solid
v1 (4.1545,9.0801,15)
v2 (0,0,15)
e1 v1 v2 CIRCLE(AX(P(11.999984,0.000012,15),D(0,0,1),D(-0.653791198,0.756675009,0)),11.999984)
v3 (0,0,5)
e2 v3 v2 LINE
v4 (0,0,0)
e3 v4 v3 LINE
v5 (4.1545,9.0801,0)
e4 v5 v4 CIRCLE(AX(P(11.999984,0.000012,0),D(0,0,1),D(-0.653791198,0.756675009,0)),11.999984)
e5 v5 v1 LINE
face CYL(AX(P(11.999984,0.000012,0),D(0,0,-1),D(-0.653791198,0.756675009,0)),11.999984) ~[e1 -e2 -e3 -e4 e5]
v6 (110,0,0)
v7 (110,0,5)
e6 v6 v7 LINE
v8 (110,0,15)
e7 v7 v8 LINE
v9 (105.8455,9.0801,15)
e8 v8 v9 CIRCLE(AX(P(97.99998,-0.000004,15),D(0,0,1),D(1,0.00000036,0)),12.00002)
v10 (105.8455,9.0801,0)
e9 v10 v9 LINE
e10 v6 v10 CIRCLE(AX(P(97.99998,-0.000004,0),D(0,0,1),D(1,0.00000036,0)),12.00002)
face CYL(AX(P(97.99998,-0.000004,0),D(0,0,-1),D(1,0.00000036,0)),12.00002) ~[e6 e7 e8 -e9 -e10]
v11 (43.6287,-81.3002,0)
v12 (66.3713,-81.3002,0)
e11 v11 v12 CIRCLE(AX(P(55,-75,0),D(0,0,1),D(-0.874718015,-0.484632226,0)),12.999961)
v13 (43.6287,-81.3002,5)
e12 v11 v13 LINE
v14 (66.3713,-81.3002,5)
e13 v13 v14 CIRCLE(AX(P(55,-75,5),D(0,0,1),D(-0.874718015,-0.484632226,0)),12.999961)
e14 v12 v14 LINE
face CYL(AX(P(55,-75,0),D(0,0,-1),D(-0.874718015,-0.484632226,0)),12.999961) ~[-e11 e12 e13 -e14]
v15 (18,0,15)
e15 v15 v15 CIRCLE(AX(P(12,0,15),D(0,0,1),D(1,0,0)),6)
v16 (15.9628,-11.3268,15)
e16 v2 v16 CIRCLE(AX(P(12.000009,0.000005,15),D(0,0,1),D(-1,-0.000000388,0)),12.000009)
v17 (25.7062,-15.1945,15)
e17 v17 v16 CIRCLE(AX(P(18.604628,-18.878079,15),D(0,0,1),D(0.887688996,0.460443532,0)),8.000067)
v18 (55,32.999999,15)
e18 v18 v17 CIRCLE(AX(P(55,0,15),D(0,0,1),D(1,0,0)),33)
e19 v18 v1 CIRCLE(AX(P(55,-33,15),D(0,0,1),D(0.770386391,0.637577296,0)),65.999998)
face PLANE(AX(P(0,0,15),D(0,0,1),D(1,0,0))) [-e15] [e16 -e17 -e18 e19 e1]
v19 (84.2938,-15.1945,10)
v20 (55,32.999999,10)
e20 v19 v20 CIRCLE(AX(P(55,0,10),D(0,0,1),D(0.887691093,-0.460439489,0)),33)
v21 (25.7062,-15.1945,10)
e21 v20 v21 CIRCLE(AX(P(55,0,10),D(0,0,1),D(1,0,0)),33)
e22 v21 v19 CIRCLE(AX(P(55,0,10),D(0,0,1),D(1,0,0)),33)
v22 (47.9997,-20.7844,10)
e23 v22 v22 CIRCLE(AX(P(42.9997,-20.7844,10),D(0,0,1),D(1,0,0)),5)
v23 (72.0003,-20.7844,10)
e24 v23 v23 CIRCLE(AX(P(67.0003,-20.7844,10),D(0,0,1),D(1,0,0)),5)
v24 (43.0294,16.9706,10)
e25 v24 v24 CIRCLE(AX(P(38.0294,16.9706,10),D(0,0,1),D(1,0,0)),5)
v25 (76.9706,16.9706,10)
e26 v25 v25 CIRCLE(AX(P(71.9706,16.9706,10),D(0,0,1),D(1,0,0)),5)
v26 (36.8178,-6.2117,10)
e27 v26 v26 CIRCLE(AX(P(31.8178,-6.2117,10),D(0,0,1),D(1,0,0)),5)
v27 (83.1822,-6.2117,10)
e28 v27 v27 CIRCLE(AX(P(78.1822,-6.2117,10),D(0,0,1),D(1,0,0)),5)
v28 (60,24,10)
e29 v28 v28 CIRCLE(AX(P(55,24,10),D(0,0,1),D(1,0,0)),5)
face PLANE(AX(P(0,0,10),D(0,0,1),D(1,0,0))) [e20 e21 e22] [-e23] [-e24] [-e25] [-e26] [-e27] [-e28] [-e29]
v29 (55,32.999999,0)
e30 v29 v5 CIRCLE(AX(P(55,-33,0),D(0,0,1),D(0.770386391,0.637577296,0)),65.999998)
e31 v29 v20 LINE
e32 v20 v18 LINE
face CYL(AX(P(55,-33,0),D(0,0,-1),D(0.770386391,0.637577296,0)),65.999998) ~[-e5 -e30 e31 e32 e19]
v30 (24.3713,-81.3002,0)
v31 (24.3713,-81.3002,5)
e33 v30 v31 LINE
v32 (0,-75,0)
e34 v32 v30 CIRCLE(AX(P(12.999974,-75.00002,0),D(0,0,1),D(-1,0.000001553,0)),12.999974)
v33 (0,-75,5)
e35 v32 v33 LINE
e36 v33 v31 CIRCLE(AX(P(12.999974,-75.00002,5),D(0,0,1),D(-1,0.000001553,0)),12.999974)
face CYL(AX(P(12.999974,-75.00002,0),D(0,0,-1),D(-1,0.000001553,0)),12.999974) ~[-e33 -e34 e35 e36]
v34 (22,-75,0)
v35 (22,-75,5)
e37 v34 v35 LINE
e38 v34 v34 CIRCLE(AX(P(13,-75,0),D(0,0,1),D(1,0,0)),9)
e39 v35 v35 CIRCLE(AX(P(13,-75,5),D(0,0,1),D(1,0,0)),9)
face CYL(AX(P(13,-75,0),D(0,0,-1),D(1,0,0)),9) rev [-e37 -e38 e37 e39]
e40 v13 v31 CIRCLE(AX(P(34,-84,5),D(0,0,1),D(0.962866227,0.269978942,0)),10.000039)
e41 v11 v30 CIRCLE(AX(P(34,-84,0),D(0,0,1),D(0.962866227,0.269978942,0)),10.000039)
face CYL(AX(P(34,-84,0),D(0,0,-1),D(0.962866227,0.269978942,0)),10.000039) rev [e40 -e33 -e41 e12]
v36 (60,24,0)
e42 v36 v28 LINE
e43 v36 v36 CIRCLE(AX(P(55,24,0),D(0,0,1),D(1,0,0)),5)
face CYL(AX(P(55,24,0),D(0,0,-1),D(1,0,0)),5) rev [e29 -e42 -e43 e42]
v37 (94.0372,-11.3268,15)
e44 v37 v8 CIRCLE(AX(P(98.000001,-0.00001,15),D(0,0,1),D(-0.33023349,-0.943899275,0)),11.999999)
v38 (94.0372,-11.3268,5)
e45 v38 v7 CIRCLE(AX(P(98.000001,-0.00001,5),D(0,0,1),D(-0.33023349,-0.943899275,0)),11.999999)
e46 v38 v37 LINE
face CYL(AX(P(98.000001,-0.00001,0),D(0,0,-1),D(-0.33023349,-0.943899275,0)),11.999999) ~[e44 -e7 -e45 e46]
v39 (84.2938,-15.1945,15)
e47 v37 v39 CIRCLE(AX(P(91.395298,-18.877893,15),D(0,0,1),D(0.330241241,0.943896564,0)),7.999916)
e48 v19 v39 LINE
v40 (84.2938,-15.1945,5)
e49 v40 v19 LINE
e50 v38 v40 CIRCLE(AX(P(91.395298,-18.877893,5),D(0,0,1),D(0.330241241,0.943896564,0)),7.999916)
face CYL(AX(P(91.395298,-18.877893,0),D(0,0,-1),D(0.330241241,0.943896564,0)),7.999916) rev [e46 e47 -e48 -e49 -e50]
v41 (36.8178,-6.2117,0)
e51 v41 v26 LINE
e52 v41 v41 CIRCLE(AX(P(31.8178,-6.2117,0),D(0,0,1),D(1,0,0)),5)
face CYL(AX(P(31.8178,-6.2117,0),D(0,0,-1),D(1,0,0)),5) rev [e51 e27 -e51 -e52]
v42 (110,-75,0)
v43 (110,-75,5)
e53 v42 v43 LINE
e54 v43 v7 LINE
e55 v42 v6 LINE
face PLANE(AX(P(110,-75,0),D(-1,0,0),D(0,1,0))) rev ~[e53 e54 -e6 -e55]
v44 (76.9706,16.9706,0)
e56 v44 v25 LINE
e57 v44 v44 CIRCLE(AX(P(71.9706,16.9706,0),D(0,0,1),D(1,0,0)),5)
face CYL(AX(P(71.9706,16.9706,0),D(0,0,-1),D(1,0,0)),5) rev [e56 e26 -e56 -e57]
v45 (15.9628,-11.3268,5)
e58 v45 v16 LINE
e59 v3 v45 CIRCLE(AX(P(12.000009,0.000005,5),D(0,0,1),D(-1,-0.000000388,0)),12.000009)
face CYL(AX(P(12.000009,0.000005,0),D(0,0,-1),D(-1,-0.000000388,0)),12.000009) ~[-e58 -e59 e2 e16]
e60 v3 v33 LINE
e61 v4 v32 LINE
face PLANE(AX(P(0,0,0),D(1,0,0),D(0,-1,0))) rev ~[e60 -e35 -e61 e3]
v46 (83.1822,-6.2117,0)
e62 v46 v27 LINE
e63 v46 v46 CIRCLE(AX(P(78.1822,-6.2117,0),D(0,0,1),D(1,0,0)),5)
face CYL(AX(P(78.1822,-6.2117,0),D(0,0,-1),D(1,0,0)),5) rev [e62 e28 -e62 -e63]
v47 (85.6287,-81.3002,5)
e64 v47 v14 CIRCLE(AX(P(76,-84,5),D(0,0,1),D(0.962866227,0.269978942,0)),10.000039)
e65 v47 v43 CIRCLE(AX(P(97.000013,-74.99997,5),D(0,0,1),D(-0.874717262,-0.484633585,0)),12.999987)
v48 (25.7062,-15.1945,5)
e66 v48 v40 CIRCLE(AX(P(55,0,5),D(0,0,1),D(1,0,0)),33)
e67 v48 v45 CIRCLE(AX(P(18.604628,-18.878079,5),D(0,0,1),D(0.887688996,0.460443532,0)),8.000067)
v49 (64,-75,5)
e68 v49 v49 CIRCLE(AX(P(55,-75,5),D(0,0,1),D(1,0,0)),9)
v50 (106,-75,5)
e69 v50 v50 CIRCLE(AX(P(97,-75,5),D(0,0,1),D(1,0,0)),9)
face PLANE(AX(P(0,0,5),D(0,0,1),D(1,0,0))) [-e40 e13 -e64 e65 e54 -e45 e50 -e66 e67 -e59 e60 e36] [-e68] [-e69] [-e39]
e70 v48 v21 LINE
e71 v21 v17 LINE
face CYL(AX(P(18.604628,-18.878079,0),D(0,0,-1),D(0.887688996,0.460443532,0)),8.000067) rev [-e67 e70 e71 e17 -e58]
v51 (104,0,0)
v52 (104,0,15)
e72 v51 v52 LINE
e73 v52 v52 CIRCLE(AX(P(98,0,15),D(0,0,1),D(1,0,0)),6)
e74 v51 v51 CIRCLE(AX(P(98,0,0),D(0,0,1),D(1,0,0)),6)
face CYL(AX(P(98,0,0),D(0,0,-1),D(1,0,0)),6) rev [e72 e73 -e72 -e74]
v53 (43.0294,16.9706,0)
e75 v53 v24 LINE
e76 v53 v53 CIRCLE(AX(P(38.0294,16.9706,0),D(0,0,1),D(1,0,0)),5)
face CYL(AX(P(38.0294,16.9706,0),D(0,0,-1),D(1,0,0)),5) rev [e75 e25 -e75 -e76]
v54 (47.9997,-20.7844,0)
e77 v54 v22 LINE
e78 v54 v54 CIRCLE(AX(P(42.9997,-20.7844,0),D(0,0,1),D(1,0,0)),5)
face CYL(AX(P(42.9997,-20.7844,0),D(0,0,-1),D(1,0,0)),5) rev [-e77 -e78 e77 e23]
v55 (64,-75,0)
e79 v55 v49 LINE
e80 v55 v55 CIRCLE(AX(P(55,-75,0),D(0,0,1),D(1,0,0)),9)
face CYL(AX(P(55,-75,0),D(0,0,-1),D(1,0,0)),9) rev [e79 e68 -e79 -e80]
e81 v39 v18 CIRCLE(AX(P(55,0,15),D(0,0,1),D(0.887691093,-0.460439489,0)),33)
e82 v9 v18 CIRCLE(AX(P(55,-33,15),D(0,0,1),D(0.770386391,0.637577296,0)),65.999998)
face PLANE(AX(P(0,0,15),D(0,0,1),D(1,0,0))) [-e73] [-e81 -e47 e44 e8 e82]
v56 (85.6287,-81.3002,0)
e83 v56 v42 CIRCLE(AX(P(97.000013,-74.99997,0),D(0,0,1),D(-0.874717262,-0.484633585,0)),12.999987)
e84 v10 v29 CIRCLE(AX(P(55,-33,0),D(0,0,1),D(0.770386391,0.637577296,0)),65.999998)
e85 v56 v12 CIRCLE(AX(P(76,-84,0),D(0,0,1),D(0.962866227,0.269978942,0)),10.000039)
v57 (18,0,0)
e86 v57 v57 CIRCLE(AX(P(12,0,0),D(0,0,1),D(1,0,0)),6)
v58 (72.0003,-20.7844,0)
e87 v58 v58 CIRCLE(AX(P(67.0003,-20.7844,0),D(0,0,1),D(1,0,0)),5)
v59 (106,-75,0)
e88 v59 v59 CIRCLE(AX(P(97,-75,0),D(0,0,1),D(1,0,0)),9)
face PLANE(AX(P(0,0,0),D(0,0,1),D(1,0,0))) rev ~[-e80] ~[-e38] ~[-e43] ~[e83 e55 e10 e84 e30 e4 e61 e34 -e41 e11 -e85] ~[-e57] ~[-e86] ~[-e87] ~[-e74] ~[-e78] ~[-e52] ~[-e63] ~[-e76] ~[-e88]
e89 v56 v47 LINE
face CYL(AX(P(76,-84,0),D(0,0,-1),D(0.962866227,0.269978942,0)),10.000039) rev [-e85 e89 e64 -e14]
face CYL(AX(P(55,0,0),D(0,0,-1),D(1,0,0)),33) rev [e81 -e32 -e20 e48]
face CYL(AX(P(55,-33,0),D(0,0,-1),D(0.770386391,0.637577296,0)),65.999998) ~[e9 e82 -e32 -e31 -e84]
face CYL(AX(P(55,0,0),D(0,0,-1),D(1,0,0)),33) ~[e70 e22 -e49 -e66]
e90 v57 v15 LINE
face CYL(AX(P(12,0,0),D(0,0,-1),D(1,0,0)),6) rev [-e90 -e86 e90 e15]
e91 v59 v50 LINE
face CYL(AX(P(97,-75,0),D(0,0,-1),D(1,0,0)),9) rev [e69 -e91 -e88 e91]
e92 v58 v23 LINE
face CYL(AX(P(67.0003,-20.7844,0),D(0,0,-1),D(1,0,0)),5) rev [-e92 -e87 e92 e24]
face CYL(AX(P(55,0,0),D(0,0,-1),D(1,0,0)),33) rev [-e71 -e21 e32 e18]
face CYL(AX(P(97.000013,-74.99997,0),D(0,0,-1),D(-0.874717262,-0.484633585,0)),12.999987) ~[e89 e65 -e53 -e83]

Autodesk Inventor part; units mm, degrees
ref_plane "YZ Plane" through (0, 0, 0) normal (1, 0, 0) x (0, 1, 0)
ref_plane "XZ Plane" through (0, 0, 0) normal (0, 1, 0) x (-1, 0, 0)
ref_plane "XY Plane" through (0, 0, 0) normal (0, 0, 1) x (1, 0, 0)
sketch "Эскиз1" plane through (0, 0, 0) normal (0, 0, 1) x (1, 0, 0)
  line L0 (0, 0) -> (110, 0) construction
  line L1 (110, 0) -> (55, 0) construction
  circle A0 centre (55, 0) radius 33
  line L2 (22, 0) -> (88, 0) construction
  line L3 (55, 0) -> (55, 33) construction
  line L4 (55, 0) -> (55, -33) construction
  circle A1 centre (55, 0) radius 24 construction
  circle A2 centre (55, 24) radius 5
  line L5 (55, 0) -> (71.9706, 16.9706) construction
  line L6 (71.9706, 16.9706) -> (38.0294, 16.9706) construction
  line L7 (55, 0) -> (38.0294, 16.9706) construction
  circle A3 centre (71.9706, 16.9706) radius 5
  circle A4 centre (38.0294, 16.9706) radius 5
  line L8 (55, 0) -> (78.1822, -6.2117) construction
  circle A5 centre (78.1822, -6.2117) radius 5
  line L9 (55, 0) -> (67.0003, -20.7844) construction
  circle A6 centre (67.0003, -20.7844) radius 5
  line L10 (55, 0) -> (42.9997, -20.7844) construction
  line L11 (78.1822, -6.2117) -> (31.8178, -6.2117) construction
  line L12 (31.8178, -6.2117) -> (55, 0) construction
  circle A7 centre (42.9997, -20.7844) radius 5
  circle A8 centre (31.8178, -6.2117) radius 5
  line L13 (0, 0) -> (12, 0) construction
  circle A9 centre (12, 0) radius 6
  line L14 (110, 0) -> (98, 0) construction
  circle A10 centre (98, 0) radius 6
  arc A11 (110, 0) -> (105.8455, 9.0801) centre (98, 0) ccw
  arc A12 (4.1545, 9.0801) -> (0, 0) centre (12, 0) ccw
  arc A13 (105.8455, 9.0801) -> (4.1545, 9.0801) centre (55, -33) ccw
  line L15 (0, 0) -> (0, -75)
  line L16 (0, -75) -> (110, -75) construction
  line L17 (110, -75) -> (110, 0)
  line L18 (55, 33) -> (55, -75) construction
  line L19 (110, -75) -> (97, -75) construction
  line L20 (0, -75) -> (13, -75) construction
  circle A14 centre (55, -75) radius 9
  circle A15 centre (13, -75) radius 9
  circle A16 centre (97, -75) radius 9
  line L21 (97, -75) -> (97, -88) construction
  line L22 (97, -88) -> (13, -88) construction
  line L23 (84, -75) -> (76, -75) construction
  line L24 (76, -75) -> (76, -84) construction
  arc A17 (85.6287, -81.3002) -> (110, -75) centre (97, -75) ccw
  arc A18 (85.6287, -81.3002) -> (66.3713, -81.3002) centre (76, -84) ccw
  arc A19 (43.6287, -81.3002) -> (66.3713, -81.3002) centre (55, -75) ccw
  line L25 (42, -75) -> (34, -75) construction
  line L26 (34, -75) -> (34, -84) construction
  line L27 (34, -84) -> (76, -84) construction
  arc A20 (43.6287, -81.3002) -> (24.3713, -81.3002) centre (34, -84) ccw
  arc A21 (0, -75) -> (24.3713, -81.3002) centre (13, -75) ccw
  arc A22 (0, 0) -> (15.9628, -11.3268) centre (12, 0) ccw
  arc A23 (25.7062, -15.1945) -> (15.9628, -11.3268) centre (18.6047, -18.878) ccw
  arc A24 (94.0372, -11.3268) -> (110, 0) centre (98, 0) ccw
  arc A25 (94.0372, -11.3268) -> (84.2938, -15.1945) centre (91.3953, -18.878) ccw
  dimension "d3" = 48
  dimension "d0" = 110
  dimension "d1" = 55
  dimension "d2" = 66
  dimension "d4" = 10
  dimension "d7" = 10
  dimension "d8" = 10
  dimension "d11" = 10
  dimension "d12" = 10
  dimension "d13" = 15
  dimension "d14" = 59.999
  dimension "d15" = 120.001
  dimension "d16" = 10
  dimension "d17" = 10
  dimension "d18" = 12
  dimension "d19" = 12
  dimension "d20" = 12
  dimension "d21" = 12
  dimension "d26" = 75
  dimension "d60" = 10
  dimension "d63" = 10
  dimension "d64" = 13
  dimension "d65" = 18
  dimension "d66" = 34
  dimension "d67" = 76
  dimension "d68" = 24.3713
  dimension "d69" = 26
  dimension "d70" = 9
  dimension "d71" = 68
  dimension "d72" = 97
  dimension "d77" = 8
extrude "Выдавливание1" add sketch "Эскиз1" along normal blind 10 contours A0
extrude "Выдавливание2" add sketch "Эскиз1" along normal blind 15 contours A23 A22 A12 A13 A0 | A0 A13 A11 A24 A25
extrude "Выдавливание3" add sketch "Эскиз1" along normal blind 5 contours A0 A25 A24 L17 A17 A18 A19 A20 A21 L15 A22 A23
properties part number "лаб2"
